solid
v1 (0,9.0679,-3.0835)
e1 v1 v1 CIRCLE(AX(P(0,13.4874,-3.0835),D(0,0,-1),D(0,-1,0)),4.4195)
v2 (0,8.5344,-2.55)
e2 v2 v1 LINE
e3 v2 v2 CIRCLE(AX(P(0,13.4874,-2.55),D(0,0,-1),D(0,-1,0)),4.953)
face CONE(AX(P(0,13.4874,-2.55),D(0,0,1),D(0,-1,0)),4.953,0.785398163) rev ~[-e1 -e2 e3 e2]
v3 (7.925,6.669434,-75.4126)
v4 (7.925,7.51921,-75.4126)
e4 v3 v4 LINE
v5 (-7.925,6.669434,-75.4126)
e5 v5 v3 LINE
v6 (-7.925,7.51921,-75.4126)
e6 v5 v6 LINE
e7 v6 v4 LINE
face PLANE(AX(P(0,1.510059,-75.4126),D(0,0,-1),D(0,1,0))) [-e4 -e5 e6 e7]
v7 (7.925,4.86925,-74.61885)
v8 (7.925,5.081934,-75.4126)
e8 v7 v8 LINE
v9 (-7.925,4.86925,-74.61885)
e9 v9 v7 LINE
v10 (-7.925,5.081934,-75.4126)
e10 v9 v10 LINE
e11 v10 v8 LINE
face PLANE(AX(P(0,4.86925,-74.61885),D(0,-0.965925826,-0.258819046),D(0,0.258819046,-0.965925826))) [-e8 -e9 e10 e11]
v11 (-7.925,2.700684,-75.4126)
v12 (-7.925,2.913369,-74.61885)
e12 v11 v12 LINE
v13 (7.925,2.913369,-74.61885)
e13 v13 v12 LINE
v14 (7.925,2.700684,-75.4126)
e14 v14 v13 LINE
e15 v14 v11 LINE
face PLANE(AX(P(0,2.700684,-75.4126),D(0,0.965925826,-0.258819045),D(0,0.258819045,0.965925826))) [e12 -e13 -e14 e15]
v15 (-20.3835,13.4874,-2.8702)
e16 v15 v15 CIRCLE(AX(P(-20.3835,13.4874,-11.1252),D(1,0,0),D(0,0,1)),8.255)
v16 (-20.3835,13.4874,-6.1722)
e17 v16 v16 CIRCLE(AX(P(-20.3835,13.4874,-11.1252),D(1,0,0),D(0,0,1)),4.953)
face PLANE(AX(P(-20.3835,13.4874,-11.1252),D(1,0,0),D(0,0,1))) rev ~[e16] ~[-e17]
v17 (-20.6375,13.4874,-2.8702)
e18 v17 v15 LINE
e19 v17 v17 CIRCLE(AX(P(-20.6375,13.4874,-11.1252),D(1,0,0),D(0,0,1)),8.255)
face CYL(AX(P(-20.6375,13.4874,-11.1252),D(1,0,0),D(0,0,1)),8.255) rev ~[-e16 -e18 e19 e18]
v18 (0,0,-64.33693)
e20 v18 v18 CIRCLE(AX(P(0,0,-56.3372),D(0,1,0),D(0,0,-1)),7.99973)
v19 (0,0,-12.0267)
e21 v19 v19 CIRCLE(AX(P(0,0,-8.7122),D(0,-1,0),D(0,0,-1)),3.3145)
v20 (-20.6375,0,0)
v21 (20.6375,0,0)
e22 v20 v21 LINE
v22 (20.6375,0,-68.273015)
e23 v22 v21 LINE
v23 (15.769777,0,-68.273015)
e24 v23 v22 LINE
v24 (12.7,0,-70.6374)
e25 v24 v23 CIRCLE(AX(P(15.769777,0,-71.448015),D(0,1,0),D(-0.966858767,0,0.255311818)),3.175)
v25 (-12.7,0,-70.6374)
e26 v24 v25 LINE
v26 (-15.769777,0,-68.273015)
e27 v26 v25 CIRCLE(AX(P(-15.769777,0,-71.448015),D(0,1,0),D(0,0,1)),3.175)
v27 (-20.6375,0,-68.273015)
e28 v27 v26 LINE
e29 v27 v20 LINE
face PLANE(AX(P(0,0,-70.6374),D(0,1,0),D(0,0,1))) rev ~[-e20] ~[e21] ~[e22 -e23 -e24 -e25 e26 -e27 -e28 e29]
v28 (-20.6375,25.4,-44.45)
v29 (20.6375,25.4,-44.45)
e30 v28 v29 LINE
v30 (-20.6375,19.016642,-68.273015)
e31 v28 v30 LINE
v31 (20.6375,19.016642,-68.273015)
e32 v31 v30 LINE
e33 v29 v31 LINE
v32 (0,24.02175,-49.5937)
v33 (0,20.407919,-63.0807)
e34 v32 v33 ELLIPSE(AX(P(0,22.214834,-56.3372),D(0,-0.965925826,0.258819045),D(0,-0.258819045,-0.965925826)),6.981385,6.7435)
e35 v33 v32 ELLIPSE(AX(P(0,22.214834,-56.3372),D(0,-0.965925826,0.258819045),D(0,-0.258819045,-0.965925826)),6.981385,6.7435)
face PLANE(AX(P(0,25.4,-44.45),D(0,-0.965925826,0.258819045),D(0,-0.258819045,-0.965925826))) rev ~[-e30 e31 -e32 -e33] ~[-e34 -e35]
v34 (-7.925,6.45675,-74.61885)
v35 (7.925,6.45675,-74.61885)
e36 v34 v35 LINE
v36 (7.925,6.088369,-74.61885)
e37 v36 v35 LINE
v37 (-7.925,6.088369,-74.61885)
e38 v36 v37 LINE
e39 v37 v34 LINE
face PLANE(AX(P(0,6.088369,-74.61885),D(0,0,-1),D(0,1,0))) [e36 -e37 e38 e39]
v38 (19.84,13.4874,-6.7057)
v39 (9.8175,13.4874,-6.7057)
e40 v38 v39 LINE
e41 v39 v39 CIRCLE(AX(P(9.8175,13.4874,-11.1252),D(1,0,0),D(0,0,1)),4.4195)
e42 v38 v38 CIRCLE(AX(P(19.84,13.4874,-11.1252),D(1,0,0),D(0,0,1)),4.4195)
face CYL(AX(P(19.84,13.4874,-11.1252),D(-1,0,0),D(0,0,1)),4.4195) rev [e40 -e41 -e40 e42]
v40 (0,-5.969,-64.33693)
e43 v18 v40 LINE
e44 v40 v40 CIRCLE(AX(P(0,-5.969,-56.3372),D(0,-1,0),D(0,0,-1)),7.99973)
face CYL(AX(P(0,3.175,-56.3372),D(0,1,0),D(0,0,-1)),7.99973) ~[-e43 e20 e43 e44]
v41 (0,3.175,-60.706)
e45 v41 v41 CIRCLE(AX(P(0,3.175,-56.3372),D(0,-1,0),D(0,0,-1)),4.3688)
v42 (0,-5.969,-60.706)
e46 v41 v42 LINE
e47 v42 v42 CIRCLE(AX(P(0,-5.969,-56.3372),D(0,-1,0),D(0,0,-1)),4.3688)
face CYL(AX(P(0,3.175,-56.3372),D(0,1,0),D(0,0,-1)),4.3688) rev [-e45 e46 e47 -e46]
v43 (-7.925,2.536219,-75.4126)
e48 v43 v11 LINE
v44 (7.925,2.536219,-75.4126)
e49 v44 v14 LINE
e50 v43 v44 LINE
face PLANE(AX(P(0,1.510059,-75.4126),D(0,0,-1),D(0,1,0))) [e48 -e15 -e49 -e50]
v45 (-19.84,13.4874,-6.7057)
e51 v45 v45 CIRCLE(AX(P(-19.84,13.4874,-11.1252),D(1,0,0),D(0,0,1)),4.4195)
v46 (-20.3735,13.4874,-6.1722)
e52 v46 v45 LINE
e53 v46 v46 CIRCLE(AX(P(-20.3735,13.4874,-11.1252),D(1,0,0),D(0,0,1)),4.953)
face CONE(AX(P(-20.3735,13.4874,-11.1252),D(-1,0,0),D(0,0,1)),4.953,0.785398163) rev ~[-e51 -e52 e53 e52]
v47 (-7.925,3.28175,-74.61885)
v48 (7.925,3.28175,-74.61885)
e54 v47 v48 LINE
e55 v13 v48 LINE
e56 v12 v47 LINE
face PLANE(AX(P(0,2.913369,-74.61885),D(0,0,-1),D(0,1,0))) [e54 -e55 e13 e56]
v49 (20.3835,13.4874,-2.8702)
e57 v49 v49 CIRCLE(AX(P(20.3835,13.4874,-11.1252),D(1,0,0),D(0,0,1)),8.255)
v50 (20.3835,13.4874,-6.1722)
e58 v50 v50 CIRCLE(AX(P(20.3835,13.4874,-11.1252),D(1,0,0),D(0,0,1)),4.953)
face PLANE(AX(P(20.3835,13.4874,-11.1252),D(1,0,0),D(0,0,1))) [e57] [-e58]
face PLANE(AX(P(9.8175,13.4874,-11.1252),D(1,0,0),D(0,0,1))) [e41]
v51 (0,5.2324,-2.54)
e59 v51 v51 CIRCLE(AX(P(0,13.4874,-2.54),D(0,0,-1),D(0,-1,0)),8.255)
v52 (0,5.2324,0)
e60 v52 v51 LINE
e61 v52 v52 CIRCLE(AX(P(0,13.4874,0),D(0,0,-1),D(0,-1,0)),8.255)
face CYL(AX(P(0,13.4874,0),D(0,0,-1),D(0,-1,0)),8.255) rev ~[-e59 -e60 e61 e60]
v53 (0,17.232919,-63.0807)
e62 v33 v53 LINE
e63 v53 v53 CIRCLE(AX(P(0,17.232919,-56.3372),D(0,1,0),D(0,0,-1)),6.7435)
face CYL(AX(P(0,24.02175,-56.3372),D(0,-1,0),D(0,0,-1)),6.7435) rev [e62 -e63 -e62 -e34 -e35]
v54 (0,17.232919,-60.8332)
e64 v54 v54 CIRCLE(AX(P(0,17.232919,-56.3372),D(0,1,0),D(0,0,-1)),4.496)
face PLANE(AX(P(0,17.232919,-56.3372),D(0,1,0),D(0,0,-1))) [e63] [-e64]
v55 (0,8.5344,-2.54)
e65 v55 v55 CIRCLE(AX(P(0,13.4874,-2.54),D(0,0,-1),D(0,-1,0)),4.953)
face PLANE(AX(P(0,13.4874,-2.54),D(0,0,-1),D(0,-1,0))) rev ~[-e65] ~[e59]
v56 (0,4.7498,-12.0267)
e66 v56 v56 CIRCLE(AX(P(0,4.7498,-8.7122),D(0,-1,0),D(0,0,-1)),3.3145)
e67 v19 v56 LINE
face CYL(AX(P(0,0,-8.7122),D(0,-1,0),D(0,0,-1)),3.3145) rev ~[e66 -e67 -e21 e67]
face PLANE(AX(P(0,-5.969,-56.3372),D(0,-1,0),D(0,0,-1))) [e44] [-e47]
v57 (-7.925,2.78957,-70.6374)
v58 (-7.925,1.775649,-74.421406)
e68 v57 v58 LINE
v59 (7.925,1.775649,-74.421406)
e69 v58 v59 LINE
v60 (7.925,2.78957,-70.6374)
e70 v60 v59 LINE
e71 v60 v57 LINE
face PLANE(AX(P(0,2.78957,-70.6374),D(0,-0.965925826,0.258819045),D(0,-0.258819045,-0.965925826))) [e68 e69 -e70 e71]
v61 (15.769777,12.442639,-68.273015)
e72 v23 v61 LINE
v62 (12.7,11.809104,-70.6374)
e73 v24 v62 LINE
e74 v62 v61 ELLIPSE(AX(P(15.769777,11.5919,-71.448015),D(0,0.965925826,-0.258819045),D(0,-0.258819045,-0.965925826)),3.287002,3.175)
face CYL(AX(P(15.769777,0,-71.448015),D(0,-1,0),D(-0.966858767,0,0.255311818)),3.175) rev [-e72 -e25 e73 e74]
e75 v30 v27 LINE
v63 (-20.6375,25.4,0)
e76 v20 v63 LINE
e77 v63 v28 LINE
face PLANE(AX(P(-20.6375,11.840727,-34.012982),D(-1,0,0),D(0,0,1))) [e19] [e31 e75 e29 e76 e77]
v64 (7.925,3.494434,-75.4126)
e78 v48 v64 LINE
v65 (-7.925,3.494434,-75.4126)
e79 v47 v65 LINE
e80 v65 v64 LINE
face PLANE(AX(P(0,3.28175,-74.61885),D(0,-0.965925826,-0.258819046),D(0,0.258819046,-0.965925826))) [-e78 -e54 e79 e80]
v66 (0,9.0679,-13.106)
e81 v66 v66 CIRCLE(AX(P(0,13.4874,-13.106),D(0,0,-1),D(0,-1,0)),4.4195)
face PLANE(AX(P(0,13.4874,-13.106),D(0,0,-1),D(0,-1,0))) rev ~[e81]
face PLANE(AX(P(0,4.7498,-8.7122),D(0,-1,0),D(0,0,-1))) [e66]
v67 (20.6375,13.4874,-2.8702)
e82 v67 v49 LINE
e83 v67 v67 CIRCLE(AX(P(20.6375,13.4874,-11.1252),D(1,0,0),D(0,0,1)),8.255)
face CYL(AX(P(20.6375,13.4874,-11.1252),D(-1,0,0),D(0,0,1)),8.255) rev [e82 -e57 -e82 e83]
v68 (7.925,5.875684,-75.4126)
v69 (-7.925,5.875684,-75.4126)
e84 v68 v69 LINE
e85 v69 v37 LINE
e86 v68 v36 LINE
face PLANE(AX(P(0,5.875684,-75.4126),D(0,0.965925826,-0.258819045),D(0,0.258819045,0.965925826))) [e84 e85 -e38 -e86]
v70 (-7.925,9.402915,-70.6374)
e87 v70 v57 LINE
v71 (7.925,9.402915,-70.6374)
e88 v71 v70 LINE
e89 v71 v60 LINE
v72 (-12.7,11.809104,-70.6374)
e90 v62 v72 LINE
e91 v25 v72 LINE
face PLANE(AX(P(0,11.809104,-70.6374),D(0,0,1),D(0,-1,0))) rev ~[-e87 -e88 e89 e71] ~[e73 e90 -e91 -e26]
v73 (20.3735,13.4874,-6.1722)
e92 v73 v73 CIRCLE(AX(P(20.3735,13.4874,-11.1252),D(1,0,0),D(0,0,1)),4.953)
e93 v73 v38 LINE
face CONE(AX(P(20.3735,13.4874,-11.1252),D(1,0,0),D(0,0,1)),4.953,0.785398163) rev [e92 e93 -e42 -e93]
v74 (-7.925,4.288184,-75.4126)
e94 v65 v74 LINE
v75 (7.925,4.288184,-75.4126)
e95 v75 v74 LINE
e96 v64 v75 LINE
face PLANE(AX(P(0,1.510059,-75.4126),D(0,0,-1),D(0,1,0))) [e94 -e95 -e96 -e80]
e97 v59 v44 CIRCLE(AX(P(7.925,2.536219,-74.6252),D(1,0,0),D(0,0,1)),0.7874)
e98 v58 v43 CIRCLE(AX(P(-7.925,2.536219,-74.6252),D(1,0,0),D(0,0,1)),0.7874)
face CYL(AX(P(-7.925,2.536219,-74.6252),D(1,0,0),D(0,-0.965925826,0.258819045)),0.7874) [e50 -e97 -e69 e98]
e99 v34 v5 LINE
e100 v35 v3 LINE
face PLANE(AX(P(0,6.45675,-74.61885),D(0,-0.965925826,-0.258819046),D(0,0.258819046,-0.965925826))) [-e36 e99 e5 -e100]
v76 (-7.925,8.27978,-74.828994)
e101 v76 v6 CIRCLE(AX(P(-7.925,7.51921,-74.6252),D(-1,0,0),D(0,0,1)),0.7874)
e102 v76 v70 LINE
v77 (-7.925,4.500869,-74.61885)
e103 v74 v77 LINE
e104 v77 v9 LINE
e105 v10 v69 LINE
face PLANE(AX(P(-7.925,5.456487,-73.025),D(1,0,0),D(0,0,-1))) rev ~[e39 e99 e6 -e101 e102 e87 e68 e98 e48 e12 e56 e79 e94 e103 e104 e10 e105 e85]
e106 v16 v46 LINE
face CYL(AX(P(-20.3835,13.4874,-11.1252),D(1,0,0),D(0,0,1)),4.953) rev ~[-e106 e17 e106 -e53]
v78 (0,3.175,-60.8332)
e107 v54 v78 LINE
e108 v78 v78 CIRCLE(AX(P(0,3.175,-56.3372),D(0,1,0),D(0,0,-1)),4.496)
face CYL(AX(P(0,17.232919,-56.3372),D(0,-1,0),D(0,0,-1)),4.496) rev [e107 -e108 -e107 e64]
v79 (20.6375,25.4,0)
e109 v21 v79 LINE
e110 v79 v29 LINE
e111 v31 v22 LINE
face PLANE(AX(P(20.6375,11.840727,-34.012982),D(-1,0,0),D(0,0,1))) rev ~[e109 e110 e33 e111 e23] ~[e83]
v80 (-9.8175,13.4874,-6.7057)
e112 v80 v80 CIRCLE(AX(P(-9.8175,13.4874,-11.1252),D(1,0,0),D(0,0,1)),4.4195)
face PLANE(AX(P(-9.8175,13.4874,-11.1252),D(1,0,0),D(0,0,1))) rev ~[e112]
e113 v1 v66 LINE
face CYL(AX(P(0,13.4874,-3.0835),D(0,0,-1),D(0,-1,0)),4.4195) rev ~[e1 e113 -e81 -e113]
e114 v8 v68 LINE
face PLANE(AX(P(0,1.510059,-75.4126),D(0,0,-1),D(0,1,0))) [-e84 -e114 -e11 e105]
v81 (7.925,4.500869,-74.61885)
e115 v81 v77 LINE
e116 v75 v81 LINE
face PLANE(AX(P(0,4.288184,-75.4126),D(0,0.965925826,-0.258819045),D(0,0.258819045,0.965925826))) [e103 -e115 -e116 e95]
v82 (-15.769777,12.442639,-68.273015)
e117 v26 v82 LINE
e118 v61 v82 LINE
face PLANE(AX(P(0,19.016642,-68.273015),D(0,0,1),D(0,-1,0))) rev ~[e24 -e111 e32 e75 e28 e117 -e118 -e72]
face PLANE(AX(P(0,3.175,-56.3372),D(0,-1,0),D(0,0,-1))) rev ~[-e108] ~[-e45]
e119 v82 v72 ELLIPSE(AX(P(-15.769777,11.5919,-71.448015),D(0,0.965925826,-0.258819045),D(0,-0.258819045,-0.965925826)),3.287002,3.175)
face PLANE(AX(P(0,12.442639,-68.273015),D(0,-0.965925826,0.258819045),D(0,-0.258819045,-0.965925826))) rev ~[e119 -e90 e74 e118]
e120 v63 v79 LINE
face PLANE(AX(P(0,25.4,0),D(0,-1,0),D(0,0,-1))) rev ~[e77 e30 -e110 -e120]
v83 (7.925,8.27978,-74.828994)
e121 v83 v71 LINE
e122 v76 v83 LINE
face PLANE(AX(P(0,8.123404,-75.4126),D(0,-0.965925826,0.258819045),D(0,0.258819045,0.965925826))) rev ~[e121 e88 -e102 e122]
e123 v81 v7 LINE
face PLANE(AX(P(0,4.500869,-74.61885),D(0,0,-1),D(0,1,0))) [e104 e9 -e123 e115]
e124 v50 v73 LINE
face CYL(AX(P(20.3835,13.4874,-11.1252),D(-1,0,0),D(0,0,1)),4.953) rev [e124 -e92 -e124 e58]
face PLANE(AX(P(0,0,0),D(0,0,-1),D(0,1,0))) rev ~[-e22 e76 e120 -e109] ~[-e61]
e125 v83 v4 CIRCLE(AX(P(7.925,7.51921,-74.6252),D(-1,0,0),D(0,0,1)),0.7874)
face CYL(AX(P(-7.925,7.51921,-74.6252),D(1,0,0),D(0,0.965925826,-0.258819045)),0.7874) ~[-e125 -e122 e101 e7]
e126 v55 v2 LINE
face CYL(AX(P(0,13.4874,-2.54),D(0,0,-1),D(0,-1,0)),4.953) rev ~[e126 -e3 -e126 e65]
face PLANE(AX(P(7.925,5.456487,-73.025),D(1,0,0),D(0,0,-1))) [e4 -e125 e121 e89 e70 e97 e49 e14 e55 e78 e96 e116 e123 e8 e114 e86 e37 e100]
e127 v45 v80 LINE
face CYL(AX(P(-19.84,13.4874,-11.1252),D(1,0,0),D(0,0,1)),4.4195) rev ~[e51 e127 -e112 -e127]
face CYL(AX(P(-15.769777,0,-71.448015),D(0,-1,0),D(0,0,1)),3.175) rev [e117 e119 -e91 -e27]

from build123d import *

# Parameters (mm, degrees)
EXTRUDE1_DEPTH      = 20.6375
EXTRUDE1_DEPTH_BACK = 20.6375
CUT_EXTRUDE1_REACH  = 27.4
SKETCH4_R           = 7.99973
SKETCH4_R_2         = 4.3688
EXTRUDE2_DEPTH      = 9.144
EXTRUDE3_DEPTH      = 7.925
EXTRUDE3_DEPTH_BACK = 7.925
CUT_EXTRUDE2_DEPTH  = 24.765
LPATTERN2_COUNT     = 3
LPATTERN2_PITCH     = 1.5875
FILLET1_R           = 0.7874
SKETCH11_R          = 3.3145
CUT_EXTRUDE3_DEPTH  = 4.7498


with BuildPart() as part:
    # Sketch1 → Extrude1 (new body, two sides)
    with BuildSketch(Plane(origin=(0, 0, 0), x_dir=(0, 0, -1), z_dir=(1, 0, 0))) as extrude1_sk:
        Polygon((44.45, 25.4), (68.273015024, 19.016642363), (68.273015024, 12.442638617), (70.6374, 11.809103573), (70.6374, 0), (0, 0), (0, 25.4), align=None)
    extrude(amount=EXTRUDE1_DEPTH)
    extrude(extrude1_sk.sketch, amount=-EXTRUDE1_DEPTH_BACK)

    # Cut-Extrude1: up to this plane
    cut_extrude1_end = Plane(origin=(-20.6375, 12.442638617, -68.273015024), z_dir=(0, 0.965925826, -0.258819045))
    # Sketch2 → Cut-Extrude1 (cut, up to the surface)
    with BuildSketch(Plane.XZ, mode=Mode.PRIVATE) as cut_extrude1_sk1:
        with BuildLine():
            Line((20.6375, -70.6374), (12.7, -70.6374))
            ThreePointArc((12.7, -70.6374), (13.832391453, -68.932629596), (15.769776585, -68.273015024))
            Line((15.769776585, -68.273015024), (20.6375, -68.273015024))
            Line((20.6375, -68.273015024), (20.6375, -70.6374))
        make_face()
    cut_extrude1_tool1 = split(extrude(cut_extrude1_sk1.sketch, amount=-CUT_EXTRUDE1_REACH, mode=Mode.PRIVATE), bisect_by=cut_extrude1_end, keep=Keep.BOTH, mode=Mode.PRIVATE)
    add(cut_extrude1_tool1.solids().sort_by_distance((17.033922, 0, -69.518139))[0], mode=Mode.SUBTRACT)
    # Sketch2 → Cut-Extrude1 (cut, up to the surface)
    with BuildSketch(Plane.XZ, mode=Mode.PRIVATE) as cut_extrude1_sk2:
        with BuildLine():
            Line((-20.6375, -68.273015024), (-15.769776585, -68.273015024))
            ThreePointArc((-15.769776585, -68.273015024), (-13.832391453, -68.932629596), (-12.7, -70.6374))
            Line((-12.7, -70.6374), (-20.6375, -70.6374))
            Line((-20.6375, -70.6374), (-20.6375, -68.273015024))
        make_face()
    cut_extrude1_tool2 = split(extrude(cut_extrude1_sk2.sketch, amount=-CUT_EXTRUDE1_REACH, mode=Mode.PRIVATE), bisect_by=cut_extrude1_end, keep=Keep.BOTH, mode=Mode.PRIVATE)
    add(cut_extrude1_tool2.solids().sort_by_distance((-17.033922, 0, -69.518139))[0], mode=Mode.SUBTRACT)

    # Sketch3 → Cut-Revolve1 (revolve, cut)
    with BuildSketch(Plane(origin=(0, 0, 0), x_dir=(0, 0, -1), z_dir=(1, 0, 0)), mode=Mode.PRIVATE) as cut_revolve1_sk:
        Polygon((49.5937, 24.021749739), (49.5937, 17.232918978), (51.8412, 17.232918978), (51.8412, 3.175), (48.3616, 3.175), (48.3616, 0), (56.3372, 0), (56.3372, 24.021749739), align=None)
    revolve(cut_revolve1_sk.sketch.rotate(Axis((0, -4.910727806, -56.3372), (0, 1, 0)), 180), axis=Axis((0, -4.910727806, -56.3372), (0, 1, 0)), mode=Mode.SUBTRACT)  # turned: the seam where the file's is

    # Sketch4 → Extrude2 (add)
    with BuildSketch(Plane.XZ.offset(-3.175)):
        with Locations(Location((0, -56.3372, 0), (0, 0, 270))):  # turned: the seam where the file's is
            Circle(SKETCH4_R)
        with Locations(Location((0, -56.3372, 0), (0, 0, 270))):  # turned: the seam where the file's is
            Circle(SKETCH4_R_2, mode=Mode.SUBTRACT)
    extrude(amount=EXTRUDE2_DEPTH)

    # Sketch6 → Extrude3 (add, two sides)
    with BuildSketch(Plane(origin=(0, 0, 0), x_dir=(0, 0, -1), z_dir=(1, 0, 0))) as extrude3_sk:
        Polygon((70.6374, 2.789570434), (75.4126, 1.51005945), (75.4126, 8.12340369), (70.6374, 9.402914674), align=None)
    extrude(amount=EXTRUDE3_DEPTH)
    extrude(extrude3_sk.sketch, amount=-EXTRUDE3_DEPTH_BACK)

    # Sketch7 → Cut-Extrude2 (cut, symmetric)
    with BuildSketch(Plane(origin=(0, 0, 0), x_dir=(0, 0, -1), z_dir=(1, 0, 0))):
        Polygon((75.4126, 3.49443445), (75.4126, 2.70068445), (74.61885, 2.913369121), (74.61885, 3.281749778), align=None)
    cut_extrude2 = extrude(amount=CUT_EXTRUDE2_DEPTH, both=True, mode=Mode.SUBTRACT)

    # LPattern2: Cut-Extrude2 ×3
    with Locations(*[(0, i * LPATTERN2_PITCH, 0) for i in range(1, LPATTERN2_COUNT)]):
        add(cut_extrude2, mode=Mode.SUBTRACT)

    # Fillet1
    fillet1_edges = [part.edges().sort_by_distance(p)[0] for p in [
        (0, 8.12340369, -75.4126),
        (0, 1.51005945, -75.4126),
    ]]
    fillet(fillet1_edges, radius=FILLET1_R)

    # Sketch11 → Cut-Extrude3 (cut)
    with BuildSketch(Plane.XZ):
        with Locations(Location((0, -8.7122, 0), (0, 0, 270))):  # turned: the seam where the file's is
            Circle(SKETCH11_R)
    extrude(amount=-CUT_EXTRUDE3_DEPTH, mode=Mode.SUBTRACT)

    # Sketch12 → Cut-Revolve2 (revolve, cut)
    with BuildSketch(Plane(origin=(0, 0, 0), x_dir=(0, 0, -1), z_dir=(1, 0, 0)), mode=Mode.PRIVATE) as cut_revolve2_sk:
        Polygon((0, 21.7424), (2.54, 21.7424), (2.54, 18.4404), (2.55, 18.4404), (3.0835, 17.9069), (13.106, 17.9069), (13.106, 13.4874), (0, 13.4874), align=None)
    revolve(cut_revolve2_sk.sketch.rotate(Axis((0, 13.4874, 3.668396013), (0, 0, -1)), 180), axis=Axis((0, 13.4874, 3.668396013), (0, 0, -1)), mode=Mode.SUBTRACT)  # turned: the seam where the file's is

    # Sketch13 → Cut-Revolve3 (revolve, cut)
    with BuildSketch(Plane.XY.offset(-11.1252), mode=Mode.PRIVATE) as cut_revolve3_sk:
        Polygon((20.6375, 21.7424), (20.3835, 21.7424), (20.3835, 18.4404), (20.3735, 18.4404), (19.84, 17.9069), (9.8175, 17.9069), (9.8175, 13.4874), (20.6375, 13.4874), align=None)
        Polygon((-20.6375, 13.4874), (-20.6375, 21.7424), (-20.3835, 21.7424), (-20.3835, 18.4404), (-20.3735, 18.4404), (-19.84, 17.9069), (-9.8175, 17.9069), (-9.8175, 13.4874), align=None)
    revolve(cut_revolve3_sk.sketch.rotate(Axis((0, 13.4874, -11.1252), (1, 0, 0)), 90), axis=Axis((0, 13.4874, -11.1252), (1, 0, 0)), mode=Mode.SUBTRACT)  # turned: the seam where the file's is


solid = part.part
